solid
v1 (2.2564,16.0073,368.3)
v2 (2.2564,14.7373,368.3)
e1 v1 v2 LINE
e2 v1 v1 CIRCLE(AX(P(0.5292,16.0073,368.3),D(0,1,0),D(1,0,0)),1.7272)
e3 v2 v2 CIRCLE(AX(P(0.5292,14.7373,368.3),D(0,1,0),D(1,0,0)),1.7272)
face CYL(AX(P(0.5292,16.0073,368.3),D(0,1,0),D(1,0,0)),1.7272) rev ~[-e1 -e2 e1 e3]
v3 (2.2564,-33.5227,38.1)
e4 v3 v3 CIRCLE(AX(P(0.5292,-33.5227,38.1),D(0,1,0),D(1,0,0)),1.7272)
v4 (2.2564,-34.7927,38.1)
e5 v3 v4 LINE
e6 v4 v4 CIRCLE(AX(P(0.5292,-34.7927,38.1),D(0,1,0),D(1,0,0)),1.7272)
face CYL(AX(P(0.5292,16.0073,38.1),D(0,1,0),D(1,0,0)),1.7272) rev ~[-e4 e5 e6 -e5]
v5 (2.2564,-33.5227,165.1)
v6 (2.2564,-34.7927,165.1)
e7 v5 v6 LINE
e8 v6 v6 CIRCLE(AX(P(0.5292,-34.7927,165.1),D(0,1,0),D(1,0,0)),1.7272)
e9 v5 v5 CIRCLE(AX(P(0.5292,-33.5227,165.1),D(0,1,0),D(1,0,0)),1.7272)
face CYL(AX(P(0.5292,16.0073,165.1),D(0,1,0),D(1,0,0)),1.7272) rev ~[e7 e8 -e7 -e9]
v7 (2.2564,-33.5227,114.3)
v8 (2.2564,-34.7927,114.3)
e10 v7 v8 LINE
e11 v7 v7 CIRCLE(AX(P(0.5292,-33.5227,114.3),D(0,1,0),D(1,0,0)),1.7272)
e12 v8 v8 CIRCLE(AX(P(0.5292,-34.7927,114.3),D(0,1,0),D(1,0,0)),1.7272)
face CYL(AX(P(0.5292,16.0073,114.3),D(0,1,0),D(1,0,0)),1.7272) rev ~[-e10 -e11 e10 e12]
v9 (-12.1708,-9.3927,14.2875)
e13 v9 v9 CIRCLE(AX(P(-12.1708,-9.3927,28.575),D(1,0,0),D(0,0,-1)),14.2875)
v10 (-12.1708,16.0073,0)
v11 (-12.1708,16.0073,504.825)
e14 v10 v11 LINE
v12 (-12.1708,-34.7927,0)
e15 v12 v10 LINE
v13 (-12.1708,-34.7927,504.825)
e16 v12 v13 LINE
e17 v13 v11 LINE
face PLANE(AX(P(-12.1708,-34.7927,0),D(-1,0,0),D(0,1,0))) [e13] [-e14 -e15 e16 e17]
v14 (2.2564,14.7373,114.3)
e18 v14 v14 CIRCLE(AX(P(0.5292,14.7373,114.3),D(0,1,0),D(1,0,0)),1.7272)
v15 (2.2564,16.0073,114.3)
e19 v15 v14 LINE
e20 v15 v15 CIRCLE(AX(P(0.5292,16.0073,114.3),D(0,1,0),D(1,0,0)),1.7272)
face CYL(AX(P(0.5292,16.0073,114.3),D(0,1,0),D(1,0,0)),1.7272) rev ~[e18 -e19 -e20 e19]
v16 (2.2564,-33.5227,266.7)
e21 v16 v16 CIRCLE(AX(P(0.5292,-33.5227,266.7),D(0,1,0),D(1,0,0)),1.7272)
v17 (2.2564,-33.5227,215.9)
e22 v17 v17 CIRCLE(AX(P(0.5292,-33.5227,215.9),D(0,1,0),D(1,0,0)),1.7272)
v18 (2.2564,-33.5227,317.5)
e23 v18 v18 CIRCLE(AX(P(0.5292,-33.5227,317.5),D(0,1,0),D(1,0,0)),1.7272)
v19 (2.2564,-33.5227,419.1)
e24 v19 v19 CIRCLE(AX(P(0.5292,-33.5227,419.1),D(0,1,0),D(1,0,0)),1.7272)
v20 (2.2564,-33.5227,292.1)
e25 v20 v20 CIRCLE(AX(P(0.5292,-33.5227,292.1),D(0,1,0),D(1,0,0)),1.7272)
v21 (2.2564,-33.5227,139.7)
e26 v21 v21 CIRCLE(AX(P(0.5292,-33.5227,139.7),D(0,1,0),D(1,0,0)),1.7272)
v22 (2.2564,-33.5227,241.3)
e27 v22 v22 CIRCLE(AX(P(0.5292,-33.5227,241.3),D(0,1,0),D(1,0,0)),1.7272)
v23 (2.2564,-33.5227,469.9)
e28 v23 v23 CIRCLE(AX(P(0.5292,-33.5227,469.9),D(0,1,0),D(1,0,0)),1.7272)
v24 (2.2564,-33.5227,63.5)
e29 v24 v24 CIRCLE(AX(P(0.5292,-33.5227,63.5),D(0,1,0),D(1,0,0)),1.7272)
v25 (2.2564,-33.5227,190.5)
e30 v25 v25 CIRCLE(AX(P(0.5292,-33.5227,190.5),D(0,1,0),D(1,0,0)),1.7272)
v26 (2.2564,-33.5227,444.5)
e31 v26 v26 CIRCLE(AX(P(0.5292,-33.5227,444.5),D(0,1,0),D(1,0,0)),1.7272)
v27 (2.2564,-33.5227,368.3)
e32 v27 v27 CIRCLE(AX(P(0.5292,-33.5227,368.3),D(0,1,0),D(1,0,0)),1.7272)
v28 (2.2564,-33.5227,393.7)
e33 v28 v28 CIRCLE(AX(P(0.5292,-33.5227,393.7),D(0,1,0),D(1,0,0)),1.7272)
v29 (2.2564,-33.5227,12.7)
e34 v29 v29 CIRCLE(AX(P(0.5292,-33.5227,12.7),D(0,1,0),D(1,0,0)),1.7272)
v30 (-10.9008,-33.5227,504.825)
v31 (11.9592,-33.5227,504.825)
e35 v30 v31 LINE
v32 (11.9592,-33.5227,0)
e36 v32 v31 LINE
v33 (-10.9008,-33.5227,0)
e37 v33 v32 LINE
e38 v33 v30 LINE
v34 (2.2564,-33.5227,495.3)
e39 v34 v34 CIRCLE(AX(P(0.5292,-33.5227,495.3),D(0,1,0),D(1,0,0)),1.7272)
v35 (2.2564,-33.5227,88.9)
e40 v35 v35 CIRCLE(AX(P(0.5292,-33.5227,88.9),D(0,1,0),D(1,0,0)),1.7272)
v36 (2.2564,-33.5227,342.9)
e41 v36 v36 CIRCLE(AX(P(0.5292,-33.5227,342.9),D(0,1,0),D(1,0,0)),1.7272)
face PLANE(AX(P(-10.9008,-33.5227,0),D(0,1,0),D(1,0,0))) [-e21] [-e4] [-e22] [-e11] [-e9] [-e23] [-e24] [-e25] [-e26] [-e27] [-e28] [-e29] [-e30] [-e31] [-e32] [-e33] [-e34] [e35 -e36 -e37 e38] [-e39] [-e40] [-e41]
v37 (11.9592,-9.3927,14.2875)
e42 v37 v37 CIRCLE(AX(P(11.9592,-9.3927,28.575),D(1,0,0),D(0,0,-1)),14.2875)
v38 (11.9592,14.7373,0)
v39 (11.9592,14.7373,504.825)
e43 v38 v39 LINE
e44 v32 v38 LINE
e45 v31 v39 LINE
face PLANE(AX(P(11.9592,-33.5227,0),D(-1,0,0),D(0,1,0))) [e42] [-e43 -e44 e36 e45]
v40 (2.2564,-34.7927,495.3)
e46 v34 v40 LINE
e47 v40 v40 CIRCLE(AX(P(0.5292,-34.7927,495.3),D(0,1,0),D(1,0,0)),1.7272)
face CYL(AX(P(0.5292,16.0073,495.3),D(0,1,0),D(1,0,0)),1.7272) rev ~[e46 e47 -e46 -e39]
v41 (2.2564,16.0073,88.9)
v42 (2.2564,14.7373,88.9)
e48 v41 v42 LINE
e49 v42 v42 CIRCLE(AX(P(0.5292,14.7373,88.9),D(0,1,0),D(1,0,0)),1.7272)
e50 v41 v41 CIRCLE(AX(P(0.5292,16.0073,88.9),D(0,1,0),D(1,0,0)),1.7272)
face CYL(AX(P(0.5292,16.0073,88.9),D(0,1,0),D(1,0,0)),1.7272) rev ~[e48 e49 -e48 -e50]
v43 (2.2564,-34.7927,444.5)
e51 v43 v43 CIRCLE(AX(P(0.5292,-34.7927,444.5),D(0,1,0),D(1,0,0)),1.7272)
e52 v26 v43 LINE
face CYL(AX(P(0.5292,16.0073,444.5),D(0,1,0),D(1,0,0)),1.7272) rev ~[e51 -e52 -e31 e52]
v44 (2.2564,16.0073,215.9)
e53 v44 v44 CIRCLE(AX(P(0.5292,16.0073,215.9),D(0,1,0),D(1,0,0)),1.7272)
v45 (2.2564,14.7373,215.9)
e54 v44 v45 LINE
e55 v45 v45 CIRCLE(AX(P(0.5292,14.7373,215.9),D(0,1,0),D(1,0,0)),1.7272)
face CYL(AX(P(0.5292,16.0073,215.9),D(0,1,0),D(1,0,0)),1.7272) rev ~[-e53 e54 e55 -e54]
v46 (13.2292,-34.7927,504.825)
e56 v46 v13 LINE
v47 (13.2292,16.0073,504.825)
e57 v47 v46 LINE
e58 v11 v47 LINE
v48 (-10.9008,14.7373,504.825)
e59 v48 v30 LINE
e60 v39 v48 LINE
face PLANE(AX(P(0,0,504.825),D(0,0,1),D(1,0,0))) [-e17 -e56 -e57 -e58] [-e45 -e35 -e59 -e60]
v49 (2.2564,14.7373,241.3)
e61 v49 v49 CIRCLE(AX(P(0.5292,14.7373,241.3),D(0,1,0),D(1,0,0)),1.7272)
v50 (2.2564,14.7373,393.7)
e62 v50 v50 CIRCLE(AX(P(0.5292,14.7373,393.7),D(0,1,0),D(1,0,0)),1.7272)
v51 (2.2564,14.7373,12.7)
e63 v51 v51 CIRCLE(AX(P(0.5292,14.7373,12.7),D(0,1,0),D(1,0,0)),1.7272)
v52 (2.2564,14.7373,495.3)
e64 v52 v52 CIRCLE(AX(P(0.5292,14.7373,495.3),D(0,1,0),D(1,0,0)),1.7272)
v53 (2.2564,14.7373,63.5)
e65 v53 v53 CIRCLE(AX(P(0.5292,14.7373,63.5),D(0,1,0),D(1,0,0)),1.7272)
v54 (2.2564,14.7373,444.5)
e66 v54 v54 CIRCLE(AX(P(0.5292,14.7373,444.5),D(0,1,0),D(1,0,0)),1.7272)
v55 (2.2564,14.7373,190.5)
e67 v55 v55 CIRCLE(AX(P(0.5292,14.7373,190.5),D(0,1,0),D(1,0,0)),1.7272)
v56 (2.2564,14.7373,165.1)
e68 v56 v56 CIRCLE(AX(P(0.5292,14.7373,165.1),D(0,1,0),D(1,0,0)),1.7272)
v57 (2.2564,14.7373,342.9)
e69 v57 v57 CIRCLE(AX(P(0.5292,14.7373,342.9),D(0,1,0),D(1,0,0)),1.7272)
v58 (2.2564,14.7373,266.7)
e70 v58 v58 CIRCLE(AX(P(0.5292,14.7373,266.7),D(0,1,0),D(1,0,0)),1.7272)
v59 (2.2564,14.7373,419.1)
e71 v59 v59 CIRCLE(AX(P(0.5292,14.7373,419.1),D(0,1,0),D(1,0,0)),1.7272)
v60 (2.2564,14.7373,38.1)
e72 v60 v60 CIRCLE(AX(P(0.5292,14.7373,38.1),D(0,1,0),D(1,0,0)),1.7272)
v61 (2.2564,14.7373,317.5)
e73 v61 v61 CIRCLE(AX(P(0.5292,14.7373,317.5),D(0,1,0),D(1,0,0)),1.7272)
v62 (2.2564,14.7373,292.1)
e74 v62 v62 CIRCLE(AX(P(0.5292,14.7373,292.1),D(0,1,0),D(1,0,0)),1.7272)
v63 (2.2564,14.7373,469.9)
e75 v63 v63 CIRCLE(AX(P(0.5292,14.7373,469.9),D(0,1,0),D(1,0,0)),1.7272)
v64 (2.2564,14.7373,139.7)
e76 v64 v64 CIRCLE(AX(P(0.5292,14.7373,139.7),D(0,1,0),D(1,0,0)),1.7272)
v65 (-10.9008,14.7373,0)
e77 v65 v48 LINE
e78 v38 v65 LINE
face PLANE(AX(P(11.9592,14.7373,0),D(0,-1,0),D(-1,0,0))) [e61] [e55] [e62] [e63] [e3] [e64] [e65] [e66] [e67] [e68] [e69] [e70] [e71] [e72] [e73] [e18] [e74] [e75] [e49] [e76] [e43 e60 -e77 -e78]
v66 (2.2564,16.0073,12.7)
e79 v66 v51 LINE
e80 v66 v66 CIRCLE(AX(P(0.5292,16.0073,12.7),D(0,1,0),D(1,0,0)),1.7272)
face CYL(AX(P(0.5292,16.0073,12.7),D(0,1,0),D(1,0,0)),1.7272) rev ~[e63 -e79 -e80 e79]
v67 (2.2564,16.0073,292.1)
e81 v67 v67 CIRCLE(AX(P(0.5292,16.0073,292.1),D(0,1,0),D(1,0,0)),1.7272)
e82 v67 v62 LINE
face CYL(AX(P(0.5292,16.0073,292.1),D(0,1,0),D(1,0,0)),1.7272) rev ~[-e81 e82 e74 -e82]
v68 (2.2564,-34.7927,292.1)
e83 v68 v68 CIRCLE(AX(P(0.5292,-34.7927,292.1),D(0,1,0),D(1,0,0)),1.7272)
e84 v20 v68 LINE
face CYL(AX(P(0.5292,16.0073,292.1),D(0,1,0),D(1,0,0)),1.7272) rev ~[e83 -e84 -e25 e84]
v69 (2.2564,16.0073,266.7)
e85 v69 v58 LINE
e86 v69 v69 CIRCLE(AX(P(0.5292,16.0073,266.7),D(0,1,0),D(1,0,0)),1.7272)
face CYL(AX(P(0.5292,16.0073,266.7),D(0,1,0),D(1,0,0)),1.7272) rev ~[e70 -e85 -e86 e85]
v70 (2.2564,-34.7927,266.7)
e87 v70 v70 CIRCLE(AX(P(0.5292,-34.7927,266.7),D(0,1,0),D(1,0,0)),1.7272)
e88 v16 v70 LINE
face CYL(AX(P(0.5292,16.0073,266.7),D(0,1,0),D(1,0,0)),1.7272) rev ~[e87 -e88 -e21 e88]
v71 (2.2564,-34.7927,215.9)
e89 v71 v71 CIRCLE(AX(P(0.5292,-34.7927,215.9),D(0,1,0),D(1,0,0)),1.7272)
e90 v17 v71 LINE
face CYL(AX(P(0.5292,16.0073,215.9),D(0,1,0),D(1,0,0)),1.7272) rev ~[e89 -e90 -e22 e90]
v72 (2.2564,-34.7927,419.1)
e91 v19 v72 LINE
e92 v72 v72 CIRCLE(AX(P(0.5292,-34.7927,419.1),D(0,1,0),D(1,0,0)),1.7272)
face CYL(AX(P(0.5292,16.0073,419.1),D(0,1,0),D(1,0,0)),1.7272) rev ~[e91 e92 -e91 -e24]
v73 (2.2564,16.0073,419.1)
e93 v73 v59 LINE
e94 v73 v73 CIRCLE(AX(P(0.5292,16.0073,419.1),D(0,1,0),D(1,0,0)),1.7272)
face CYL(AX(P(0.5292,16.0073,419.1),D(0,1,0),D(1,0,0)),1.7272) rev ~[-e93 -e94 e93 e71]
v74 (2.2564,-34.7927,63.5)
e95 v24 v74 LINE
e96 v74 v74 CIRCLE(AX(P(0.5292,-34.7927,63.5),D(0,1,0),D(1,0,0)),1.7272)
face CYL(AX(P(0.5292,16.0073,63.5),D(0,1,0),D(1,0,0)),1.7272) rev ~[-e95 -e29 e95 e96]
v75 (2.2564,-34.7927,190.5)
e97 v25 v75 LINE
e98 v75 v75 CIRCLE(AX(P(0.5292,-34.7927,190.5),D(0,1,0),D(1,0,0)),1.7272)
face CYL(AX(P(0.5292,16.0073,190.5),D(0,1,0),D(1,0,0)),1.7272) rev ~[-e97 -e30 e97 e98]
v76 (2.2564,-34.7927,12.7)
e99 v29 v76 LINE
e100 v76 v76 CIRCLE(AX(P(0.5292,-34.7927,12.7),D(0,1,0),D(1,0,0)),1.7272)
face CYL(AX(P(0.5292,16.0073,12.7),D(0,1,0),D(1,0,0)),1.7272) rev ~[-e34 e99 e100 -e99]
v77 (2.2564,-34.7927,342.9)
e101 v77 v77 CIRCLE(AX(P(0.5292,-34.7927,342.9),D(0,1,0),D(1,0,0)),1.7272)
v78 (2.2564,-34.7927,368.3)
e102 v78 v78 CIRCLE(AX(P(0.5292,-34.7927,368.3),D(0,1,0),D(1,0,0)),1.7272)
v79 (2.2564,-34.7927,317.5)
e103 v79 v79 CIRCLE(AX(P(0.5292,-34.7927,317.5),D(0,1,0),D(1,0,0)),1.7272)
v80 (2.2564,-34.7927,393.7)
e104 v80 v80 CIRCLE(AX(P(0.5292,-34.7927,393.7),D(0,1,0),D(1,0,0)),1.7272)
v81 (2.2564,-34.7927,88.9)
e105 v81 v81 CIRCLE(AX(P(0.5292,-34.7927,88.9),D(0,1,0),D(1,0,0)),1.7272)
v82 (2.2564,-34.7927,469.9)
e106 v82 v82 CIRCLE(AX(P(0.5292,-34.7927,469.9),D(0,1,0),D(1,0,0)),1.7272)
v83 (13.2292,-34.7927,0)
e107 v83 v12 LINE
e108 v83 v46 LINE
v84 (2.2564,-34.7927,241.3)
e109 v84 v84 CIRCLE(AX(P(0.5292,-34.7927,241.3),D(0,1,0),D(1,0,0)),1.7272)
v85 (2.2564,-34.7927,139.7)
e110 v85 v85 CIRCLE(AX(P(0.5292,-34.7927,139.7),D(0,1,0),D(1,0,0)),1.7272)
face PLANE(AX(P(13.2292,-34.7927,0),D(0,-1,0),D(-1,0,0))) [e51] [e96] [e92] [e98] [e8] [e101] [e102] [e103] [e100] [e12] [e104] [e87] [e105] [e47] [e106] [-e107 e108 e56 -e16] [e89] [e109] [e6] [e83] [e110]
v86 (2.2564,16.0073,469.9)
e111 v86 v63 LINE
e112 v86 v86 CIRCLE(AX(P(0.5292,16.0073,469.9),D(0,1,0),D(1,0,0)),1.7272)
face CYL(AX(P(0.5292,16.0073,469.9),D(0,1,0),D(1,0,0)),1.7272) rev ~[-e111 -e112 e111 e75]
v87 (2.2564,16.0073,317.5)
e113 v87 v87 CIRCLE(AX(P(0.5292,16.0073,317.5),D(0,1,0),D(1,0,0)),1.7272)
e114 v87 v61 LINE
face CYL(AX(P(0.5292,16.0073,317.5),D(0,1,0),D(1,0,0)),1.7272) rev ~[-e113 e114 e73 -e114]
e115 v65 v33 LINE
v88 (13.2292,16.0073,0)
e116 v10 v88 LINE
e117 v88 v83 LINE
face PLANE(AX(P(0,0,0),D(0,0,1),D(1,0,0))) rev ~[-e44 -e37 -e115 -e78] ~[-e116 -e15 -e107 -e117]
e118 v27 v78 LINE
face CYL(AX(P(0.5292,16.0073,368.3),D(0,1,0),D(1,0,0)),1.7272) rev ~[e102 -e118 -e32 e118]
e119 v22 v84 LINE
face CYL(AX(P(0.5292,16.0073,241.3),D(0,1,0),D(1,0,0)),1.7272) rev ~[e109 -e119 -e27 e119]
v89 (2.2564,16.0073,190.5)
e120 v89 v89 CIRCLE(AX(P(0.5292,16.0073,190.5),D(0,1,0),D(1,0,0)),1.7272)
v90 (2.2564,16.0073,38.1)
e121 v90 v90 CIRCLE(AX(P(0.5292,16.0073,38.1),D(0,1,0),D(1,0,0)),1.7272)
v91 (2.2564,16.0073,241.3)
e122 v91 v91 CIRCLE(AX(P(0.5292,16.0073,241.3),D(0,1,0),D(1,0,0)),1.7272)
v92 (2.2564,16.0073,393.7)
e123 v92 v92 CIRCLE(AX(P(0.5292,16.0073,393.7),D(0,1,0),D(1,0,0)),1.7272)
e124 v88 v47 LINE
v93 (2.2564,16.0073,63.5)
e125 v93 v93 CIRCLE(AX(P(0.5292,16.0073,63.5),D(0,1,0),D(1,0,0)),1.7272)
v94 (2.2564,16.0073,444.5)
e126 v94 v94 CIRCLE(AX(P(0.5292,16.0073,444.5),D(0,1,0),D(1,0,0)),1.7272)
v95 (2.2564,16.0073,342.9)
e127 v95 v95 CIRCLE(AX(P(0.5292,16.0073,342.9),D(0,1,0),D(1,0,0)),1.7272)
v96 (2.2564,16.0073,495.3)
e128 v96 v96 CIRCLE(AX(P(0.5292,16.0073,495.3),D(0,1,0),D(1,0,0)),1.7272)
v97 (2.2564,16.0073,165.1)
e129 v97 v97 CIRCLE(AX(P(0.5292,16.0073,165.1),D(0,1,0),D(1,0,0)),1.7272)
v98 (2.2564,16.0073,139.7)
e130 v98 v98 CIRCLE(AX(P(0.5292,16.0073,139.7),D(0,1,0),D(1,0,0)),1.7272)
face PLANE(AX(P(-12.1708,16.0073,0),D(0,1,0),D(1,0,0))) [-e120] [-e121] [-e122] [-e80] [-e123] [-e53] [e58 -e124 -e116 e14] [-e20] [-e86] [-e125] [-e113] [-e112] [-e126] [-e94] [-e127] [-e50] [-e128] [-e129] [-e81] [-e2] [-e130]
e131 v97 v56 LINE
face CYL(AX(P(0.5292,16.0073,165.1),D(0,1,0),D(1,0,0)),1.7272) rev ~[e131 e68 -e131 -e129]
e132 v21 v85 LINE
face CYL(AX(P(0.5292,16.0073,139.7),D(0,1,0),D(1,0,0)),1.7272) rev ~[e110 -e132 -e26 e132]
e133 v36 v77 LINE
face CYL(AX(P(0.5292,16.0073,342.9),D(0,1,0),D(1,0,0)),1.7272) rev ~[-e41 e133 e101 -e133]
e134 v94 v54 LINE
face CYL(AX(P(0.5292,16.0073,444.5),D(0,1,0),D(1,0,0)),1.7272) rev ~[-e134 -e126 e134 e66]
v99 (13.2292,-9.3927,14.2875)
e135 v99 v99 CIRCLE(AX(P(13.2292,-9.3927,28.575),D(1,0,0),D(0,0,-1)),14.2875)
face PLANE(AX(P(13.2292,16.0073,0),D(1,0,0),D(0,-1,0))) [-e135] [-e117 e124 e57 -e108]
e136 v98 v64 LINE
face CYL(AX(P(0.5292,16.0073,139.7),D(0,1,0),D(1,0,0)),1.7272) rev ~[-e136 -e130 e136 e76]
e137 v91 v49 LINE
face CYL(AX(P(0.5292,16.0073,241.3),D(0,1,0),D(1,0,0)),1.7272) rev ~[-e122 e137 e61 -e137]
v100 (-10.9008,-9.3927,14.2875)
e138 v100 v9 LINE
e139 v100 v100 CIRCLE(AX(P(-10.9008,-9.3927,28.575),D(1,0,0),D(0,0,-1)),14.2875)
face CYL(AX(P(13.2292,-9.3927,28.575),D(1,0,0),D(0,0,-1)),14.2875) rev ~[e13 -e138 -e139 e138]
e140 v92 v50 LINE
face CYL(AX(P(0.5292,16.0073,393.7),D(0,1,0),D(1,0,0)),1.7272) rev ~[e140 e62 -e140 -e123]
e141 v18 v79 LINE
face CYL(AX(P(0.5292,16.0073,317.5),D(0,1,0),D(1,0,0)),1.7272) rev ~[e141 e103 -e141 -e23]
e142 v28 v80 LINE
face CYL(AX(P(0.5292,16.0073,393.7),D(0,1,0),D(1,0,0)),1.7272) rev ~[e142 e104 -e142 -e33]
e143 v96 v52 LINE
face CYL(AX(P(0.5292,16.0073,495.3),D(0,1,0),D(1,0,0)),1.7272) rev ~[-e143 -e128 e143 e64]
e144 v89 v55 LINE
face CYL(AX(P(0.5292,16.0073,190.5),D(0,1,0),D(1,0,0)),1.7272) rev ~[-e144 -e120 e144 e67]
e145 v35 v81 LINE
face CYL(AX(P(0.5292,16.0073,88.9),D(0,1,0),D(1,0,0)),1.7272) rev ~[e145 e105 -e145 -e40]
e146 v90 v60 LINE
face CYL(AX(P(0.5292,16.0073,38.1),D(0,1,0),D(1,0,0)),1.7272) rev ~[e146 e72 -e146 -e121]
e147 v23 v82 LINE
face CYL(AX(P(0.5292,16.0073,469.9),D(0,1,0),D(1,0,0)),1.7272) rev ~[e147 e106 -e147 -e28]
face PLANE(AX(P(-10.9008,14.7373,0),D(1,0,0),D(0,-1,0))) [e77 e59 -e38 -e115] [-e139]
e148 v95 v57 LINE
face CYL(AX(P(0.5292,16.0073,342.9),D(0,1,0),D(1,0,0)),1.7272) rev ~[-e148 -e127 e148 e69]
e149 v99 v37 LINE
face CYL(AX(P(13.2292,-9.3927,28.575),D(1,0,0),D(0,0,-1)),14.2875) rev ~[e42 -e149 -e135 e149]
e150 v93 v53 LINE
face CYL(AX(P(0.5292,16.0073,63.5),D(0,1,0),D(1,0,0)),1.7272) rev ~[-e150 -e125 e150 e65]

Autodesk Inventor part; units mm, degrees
ref_plane "YZ Plane" through (0, 0, 0) normal (1, 0, 0) x (0, 1, 0)
ref_plane "XZ Plane" through (0, 0, 0) normal (0, 1, 0) x (-1, 0, 0)
ref_plane "XY Plane" through (0, 0, 0) normal (0, 0, 1) x (1, 0, 0)
sketch "Sketch1" plane through (0, 0, 0) normal (0, 0, 1) x (1, 0, 0)
  line L0 (-12.1708, 16.0073) -> (13.2292, 16.0073)
  line L1 (13.2292, 16.0073) -> (13.2292, -34.7927)
  line L2 (13.2292, -34.7927) -> (-12.1708, -34.7927)
  line L3 (-12.1708, -34.7927) -> (-12.1708, 16.0073)
  line L4 (11.9592, 14.7373) -> (-10.9008, 14.7373)
  line L5 (-10.9008, 14.7373) -> (-10.9008, -33.5227)
  line L6 (-10.9008, -33.5227) -> (11.9592, -33.5227)
  line L7 (11.9592, -33.5227) -> (11.9592, 14.7373)
  point P0 (0, 0)
  dimension "d0" = 25.4
  dimension "d1" = 50.8
  dimension "d2" = 1.27
extrude "Extrusion1" add sketch "Sketch1" along normal blind 504.825
sketch "Sketch2" plane through (-12.1708, 16.0073, 0) normal (0, 1, 0) x (1, 0, 0)
  circle A0 centre (12.7, -12.7) radius 1.7272
  line L0 (25.4, 0) -> (0, 0) projected
  line L1 (0, 0) -> (0, -504.825) projected
  point P0 (12.1708, 0)
  dimension "d5" = 3.4544
  dimension "d6" = 12.7
  dimension "d7" = 12.7
extrude "Extrusion2" cut sketch "Sketch2" against normal through all
pattern_linear "Rectangular Pattern1" count 50 spacing 25.4 along (0, 0, 1) of "Extrusion2"
sketch "Sketch5" plane through (13.2292, -34.7927, 0) normal (1, 0, 0) x (0, 0, -1)
  line L0 (-504.825, 0) -> (-504.825, 50.8) projected
  line L1 (0, 50.8) -> (-504.825, 50.8) projected
  circle A0 centre (-28.575, 25.4) radius 14.2875
  line L2 (0, 0) -> (-504.825, 0) projected
  point P0 (0, 34.7927)
  dimension "d52" = 28.575
  dimension "d54" = 25.4
  dimension "d62" = 25.4
  dimension "d63" = 28.575
extrude "Extrusion5" cut sketch "Sketch5" against normal through all
equation "\"d3\" = d13"
equation "\"d10\" = d14"
equation "\"d13\" = 504.825"
equation "\"d14\" = d13"
equation "\"d32\" = 101.6"
properties part number "AIntakeSupport2"
